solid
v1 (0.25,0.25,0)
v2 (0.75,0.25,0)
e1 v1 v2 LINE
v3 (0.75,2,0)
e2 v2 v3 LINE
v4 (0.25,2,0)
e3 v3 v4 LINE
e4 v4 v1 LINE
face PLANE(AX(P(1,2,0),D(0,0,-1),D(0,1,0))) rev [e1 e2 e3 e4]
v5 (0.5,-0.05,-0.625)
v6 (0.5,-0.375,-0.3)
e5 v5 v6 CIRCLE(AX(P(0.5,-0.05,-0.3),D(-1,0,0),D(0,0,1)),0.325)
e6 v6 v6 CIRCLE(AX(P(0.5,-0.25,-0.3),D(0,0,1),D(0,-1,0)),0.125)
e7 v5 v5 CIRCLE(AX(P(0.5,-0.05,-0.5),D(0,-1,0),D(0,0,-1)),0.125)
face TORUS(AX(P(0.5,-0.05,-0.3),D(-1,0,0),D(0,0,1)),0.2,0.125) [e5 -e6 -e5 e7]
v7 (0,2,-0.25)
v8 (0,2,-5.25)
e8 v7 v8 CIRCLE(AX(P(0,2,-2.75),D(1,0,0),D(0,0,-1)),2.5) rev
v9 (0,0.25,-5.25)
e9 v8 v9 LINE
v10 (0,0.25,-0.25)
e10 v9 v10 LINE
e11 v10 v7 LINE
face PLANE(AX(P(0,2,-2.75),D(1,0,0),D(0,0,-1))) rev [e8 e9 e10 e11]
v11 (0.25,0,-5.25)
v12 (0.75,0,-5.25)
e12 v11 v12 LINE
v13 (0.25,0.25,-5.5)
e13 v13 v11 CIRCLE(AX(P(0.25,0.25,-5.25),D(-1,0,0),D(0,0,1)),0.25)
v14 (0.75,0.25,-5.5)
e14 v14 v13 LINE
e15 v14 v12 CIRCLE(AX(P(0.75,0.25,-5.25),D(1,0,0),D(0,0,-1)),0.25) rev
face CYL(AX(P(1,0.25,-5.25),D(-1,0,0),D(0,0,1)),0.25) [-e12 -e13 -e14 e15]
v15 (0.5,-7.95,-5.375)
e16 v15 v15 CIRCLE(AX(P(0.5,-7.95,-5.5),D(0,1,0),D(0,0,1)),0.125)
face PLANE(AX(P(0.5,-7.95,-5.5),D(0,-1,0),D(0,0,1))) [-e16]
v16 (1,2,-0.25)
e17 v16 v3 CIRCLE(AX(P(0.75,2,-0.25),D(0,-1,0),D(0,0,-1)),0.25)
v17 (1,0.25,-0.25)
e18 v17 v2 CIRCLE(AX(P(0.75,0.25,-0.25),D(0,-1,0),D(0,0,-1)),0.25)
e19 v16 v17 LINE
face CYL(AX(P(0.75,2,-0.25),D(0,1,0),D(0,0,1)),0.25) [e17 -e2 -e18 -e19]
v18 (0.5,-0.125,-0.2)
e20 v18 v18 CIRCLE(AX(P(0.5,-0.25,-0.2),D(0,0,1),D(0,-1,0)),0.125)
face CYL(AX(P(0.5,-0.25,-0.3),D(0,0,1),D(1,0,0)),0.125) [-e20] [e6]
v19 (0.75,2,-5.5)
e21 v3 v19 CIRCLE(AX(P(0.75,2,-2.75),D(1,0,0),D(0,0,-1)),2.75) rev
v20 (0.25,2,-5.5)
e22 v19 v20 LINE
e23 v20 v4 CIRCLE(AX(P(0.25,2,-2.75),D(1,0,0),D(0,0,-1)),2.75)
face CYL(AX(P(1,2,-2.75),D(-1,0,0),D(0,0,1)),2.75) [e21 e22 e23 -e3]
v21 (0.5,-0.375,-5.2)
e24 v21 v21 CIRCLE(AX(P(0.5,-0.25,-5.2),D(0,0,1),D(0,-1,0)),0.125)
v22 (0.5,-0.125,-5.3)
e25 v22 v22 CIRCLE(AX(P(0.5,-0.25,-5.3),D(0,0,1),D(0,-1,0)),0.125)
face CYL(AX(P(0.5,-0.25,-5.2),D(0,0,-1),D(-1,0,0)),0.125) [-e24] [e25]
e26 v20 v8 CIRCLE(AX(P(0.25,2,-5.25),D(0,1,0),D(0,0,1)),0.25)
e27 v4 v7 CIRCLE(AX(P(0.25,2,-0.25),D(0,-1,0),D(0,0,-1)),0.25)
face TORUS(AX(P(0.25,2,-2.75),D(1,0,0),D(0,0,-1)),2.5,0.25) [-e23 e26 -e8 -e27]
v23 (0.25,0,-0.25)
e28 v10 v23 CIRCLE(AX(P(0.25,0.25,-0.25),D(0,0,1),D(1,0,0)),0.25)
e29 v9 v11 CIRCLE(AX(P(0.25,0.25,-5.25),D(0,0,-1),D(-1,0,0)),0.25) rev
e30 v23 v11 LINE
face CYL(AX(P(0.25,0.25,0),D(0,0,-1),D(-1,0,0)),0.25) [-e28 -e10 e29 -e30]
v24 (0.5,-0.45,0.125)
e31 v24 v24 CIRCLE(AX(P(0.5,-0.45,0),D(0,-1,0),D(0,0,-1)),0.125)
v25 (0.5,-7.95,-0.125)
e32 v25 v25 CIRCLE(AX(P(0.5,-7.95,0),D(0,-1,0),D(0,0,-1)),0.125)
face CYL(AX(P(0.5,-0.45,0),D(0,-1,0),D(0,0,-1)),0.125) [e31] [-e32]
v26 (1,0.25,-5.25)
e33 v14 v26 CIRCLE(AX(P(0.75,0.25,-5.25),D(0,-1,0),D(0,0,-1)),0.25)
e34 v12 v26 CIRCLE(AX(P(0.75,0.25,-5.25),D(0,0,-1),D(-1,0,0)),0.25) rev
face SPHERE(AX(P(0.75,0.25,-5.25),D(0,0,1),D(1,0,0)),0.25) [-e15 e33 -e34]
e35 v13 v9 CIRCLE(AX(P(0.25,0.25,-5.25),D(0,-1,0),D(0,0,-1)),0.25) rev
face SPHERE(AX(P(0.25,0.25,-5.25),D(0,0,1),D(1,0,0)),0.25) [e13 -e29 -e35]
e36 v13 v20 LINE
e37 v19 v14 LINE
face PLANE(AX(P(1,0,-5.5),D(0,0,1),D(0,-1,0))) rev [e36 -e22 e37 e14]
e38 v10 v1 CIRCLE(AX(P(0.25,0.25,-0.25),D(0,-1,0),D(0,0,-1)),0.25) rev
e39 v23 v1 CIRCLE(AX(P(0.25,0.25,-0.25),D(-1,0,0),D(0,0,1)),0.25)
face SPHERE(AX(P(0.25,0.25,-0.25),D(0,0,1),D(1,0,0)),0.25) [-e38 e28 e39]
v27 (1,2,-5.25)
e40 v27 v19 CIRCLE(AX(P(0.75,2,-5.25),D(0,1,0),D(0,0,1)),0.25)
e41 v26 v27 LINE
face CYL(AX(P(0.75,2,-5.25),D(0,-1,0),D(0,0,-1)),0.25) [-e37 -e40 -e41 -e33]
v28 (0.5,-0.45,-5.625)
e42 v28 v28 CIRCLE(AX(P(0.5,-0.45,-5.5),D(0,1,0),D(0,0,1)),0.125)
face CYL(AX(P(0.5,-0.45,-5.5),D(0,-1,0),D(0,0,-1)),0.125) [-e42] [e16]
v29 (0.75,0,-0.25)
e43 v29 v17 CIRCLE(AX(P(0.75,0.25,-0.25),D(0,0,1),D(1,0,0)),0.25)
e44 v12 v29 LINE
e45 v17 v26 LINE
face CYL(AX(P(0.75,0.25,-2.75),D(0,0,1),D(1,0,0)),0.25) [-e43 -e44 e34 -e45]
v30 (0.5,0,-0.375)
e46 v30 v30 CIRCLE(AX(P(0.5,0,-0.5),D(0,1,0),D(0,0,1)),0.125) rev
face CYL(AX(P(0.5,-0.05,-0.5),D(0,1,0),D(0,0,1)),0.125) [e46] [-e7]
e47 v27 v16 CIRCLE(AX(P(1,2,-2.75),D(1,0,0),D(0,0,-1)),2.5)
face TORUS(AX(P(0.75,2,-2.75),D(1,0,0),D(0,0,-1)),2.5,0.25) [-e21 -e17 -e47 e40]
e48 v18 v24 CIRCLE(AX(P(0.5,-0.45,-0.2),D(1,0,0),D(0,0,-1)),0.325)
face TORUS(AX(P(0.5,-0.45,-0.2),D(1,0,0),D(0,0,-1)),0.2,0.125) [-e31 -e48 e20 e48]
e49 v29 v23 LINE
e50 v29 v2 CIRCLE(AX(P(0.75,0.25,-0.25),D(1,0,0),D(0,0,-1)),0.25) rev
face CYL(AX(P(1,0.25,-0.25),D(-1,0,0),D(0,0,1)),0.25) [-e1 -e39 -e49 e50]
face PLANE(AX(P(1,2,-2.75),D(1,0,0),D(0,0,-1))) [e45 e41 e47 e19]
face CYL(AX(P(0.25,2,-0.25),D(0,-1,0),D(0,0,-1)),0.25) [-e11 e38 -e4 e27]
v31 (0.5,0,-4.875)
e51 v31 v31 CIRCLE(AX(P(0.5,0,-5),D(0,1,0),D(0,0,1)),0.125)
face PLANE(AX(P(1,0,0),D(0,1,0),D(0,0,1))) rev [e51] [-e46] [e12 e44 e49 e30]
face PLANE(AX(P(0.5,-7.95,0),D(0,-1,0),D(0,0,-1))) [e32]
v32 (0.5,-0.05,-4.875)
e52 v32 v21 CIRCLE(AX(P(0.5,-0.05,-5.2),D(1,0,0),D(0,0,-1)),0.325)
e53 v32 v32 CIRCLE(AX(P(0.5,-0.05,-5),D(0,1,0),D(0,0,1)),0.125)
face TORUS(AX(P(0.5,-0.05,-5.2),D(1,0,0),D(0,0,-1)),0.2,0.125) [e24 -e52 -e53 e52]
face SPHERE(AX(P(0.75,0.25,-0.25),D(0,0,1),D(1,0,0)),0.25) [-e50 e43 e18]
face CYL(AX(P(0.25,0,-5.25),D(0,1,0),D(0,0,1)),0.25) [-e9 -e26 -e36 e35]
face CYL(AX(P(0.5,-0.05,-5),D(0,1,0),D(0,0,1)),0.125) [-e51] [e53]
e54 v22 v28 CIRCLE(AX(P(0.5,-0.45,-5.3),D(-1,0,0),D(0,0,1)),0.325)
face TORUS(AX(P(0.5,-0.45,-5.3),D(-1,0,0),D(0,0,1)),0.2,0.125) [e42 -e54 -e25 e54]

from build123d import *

# Parameters (mm, degrees)
BOSS_EXTRUDE1_DEPTH = 1
FILLET3_R           = 0.25
SKETCH3_R           = 0.125


with BuildPart() as part:
    # Sketch1 → Boss-Extrude1 (new body)
    with BuildSketch(Plane(origin=(0, 0, 0), x_dir=(0, 0, -1), z_dir=(1, 0, 0))):
        with BuildLine():
            Line((0, 2), (0, 0))
            Line((0, 0), (5.5, 0))
            Line((5.5, 0), (5.5, 2))
            ThreePointArc((5.5, 2), (2.75, 4.75), (0, 2))
        make_face()
    extrude(amount=BOSS_EXTRUDE1_DEPTH)

    # Fillet3
    fillet3_edges = [part.edges().sort_by_distance(p)[0] for p in [
        (1, 0, -2.75),
        (1, 1, -5.5),
        (1, 4.75, -2.75),
        (0, 1, -5.5),
        (0, 0, -2.75),
        (0, 1, 0),
        (0, 4.75, -2.75),
        (1, 1, 0),
        (0.5, 0, -5.5),
        (0.5, 0, 0),
    ]]
    fillet(fillet3_edges, radius=FILLET3_R)

    # Sweep1: sweep along a path in Sketch2
    with BuildLine(Plane(origin=(0.5, 0, 0), x_dir=(0, 0, -1), z_dir=(1, 0, 0))) as sweep1_path:
        Line((0.5, 0), (0.5, -0.05))
        ThreePointArc((0.5, -0.05), (0.441421356, -0.191421356), (0.3, -0.25))
        Line((0.3, -0.25), (0.2, -0.25))
        ThreePointArc((0.2, -0.25), (0.058578644, -0.308578644), (0, -0.45))
        Line((0, -0.45), (0, -7.95))
    # Sketch3 → Sweep1 (sweep)
    with BuildSketch(Plane.XZ):
        with Locations((0.5, -0.5)):
            Circle(SKETCH3_R)
    sweep1 = sweep(path=sweep1_path.line)

    # Mirror1: Sweep1 across plane
    add(sweep1.mirror(Plane.XY.offset(-2.75)))


solid = part.part
